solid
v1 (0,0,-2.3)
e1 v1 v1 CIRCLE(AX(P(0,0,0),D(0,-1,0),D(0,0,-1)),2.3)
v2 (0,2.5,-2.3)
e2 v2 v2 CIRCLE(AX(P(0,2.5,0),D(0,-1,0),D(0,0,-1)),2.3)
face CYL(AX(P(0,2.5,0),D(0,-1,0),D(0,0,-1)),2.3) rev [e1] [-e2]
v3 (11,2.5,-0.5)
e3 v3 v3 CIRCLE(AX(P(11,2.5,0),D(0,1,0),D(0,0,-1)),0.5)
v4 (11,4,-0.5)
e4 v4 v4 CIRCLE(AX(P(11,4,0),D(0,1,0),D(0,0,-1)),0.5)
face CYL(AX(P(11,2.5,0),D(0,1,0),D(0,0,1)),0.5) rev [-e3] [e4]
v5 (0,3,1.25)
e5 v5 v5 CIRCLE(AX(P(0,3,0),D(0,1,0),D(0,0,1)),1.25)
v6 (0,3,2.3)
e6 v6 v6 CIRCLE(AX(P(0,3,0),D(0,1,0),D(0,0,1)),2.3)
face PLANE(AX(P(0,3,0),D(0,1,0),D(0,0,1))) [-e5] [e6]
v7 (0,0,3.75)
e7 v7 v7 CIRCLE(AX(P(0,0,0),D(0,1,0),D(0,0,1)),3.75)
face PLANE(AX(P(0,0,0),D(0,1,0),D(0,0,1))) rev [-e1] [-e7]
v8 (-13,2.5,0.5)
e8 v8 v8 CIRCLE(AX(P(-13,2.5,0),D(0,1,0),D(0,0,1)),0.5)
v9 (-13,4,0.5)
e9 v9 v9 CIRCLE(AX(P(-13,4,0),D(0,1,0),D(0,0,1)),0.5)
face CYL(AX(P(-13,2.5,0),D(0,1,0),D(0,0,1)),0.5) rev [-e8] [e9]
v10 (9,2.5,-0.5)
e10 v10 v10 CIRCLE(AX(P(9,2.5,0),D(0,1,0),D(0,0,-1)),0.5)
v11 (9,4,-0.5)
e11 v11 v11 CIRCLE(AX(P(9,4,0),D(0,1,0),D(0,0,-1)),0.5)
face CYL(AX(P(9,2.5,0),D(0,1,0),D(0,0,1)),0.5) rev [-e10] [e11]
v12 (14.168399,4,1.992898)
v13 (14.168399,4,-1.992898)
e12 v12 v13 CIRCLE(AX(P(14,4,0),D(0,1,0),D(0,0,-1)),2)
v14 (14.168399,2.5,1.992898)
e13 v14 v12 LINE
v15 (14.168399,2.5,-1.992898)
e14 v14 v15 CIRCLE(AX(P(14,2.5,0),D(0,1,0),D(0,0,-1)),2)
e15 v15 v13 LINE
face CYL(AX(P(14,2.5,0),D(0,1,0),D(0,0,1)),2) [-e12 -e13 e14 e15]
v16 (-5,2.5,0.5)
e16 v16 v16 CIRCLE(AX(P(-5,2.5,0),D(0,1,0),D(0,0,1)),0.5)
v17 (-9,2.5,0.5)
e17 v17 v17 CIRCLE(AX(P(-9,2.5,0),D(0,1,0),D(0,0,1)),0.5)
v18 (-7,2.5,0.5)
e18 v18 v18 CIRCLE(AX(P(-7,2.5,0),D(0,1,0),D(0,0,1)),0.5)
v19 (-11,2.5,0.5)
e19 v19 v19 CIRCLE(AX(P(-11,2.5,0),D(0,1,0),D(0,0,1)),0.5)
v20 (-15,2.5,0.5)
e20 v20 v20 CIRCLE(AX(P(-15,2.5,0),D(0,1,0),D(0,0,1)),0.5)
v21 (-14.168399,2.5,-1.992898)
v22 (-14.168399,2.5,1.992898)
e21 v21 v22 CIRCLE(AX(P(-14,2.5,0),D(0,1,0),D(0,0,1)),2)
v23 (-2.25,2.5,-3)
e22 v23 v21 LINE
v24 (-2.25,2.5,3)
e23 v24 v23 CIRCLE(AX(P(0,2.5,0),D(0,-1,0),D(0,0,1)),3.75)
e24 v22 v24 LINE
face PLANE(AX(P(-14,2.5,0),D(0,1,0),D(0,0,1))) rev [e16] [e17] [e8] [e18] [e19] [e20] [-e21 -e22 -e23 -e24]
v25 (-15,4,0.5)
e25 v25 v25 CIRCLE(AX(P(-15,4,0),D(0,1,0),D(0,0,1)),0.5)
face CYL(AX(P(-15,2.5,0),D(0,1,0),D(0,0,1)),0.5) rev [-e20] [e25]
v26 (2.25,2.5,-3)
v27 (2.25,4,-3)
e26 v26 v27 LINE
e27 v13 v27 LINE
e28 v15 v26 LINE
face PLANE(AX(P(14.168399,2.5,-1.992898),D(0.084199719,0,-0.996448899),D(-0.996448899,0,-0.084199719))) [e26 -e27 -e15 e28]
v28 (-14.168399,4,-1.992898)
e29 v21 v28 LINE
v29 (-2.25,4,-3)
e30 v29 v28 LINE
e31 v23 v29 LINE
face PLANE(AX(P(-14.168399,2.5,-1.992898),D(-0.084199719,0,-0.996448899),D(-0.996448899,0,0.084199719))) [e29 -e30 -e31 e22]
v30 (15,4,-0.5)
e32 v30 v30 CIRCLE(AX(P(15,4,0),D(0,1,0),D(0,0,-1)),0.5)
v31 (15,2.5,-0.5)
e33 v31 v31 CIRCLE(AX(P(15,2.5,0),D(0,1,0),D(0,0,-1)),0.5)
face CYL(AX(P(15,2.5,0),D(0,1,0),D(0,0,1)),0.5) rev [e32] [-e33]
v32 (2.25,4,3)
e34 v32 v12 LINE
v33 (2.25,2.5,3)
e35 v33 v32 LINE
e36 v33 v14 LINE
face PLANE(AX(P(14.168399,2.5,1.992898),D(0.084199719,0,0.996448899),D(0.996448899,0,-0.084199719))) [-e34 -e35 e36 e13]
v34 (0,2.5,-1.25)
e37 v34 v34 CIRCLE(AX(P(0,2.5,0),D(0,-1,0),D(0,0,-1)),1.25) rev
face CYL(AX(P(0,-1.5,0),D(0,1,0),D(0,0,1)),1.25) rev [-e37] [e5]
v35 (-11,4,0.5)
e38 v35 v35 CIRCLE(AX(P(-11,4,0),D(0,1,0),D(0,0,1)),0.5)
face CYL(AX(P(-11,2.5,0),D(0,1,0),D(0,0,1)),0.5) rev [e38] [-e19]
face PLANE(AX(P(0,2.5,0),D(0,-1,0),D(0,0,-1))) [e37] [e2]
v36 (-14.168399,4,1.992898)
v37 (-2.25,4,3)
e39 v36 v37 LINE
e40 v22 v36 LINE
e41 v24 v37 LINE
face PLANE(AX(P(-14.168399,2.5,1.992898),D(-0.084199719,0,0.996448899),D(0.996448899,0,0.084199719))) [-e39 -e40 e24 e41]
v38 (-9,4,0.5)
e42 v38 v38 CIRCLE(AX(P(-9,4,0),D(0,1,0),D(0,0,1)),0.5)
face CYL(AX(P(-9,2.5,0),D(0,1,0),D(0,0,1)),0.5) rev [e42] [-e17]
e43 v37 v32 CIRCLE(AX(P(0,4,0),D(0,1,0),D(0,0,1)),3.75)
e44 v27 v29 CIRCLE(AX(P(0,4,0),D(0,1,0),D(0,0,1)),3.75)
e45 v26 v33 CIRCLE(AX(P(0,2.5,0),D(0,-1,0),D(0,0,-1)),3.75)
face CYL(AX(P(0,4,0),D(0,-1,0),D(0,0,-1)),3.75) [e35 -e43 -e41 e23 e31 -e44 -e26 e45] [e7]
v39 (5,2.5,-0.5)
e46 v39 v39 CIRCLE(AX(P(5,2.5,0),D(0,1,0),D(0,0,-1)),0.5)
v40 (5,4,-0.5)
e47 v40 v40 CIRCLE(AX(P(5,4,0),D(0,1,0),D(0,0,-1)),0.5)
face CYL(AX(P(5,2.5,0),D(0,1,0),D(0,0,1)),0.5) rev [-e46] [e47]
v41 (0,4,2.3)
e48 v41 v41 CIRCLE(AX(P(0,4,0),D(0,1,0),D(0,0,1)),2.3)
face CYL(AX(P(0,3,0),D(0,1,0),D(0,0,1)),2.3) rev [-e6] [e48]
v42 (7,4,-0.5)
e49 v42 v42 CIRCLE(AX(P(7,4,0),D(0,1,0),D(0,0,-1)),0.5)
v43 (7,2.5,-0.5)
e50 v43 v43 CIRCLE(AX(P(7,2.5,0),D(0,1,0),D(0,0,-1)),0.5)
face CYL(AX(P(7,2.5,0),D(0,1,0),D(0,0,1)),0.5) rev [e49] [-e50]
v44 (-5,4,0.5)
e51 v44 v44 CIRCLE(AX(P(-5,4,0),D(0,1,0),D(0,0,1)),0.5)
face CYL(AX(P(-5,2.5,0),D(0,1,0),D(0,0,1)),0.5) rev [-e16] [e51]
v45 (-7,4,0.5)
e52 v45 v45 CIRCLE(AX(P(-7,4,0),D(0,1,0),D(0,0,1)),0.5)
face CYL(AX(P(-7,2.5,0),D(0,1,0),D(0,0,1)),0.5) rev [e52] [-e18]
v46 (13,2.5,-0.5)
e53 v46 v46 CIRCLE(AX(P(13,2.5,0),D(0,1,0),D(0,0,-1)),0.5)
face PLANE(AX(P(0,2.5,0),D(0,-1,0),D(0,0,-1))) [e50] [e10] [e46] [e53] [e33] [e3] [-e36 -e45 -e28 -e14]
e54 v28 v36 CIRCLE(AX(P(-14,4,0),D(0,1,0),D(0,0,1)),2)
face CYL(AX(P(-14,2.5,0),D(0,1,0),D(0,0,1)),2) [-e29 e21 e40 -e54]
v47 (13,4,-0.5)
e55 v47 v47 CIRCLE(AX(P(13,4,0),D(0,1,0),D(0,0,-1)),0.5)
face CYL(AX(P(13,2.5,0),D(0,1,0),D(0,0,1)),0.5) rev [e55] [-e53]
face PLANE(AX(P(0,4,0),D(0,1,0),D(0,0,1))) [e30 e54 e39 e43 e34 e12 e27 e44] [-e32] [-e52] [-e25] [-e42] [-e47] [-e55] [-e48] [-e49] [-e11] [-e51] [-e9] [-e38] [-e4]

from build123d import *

# Parameters (mm, degrees)
SKETCH1_R           = 3.75
BOSS_EXTRUDE1_DEPTH = 4
SKETCH2_R           = 2.3
CUT_EXTRUDE1_DEPTH  = 1
BOSS_EXTRUDE2_START = -1.5
SKETCH3_R           = 0.5
BOSS_EXTRUDE2_DEPTH = 1.5
SKETCH4_R           = 1.25
CUT_EXTRUDE2_DEPTH  = 4.5
CUT_EXTRUDE3_START  = -2.5
SKETCH5_R           = 2.3
CUT_EXTRUDE3_DEPTH  = 2.5


with BuildPart() as part:
    # Sketch1 → Boss-Extrude1 (new body)
    with BuildSketch(Plane(origin=(0, 0, 0), x_dir=(1, 0, 0), z_dir=(0, 1, 0))):
        with Locations(Location((0, 0, 0), (0, 0, 270))):
            Circle(SKETCH1_R)
    extrude(amount=BOSS_EXTRUDE1_DEPTH)

    # Sketch2 → Cut-Extrude1 (cut)
    with BuildSketch(Plane(origin=(0, 4, 0), x_dir=(1, 0, 0), z_dir=(0, 1, 0))):
        with Locations(Location((0, 0, 0), (0, 0, 270))):
            Circle(SKETCH2_R)
    extrude(amount=-CUT_EXTRUDE1_DEPTH, mode=Mode.SUBTRACT)

    # Sketch3 → Boss-Extrude2 (add)
    # profile 1 of 2: a face of its own
    with BuildSketch(Plane(origin=(0, 4, 0), x_dir=(1, 0, 0), z_dir=(0, 1, 0)).offset(BOSS_EXTRUDE2_START)):
        with BuildLine():
            Line((-14.168399438, 1.992897797), (-2.25, 3))
            ThreePointArc((-2.25, 3), (-3.75, 0), (-2.25, -3))
            Line((-2.25, -3), (-14.168399438, -1.992897797))
            ThreePointArc((-14.168399438, -1.992897797), (-16, 0), (-14.168399438, 1.992897797))
        make_face()
        with Locations(Location((-15, 0, 0), (0, 0, 270))):
            Circle(SKETCH3_R, mode=Mode.SUBTRACT)
        with Locations(Location((-13, 0, 0), (0, 0, 270))):
            Circle(SKETCH3_R, mode=Mode.SUBTRACT)
        with Locations(Location((-11, 0, 0), (0, 0, 270))):
            Circle(SKETCH3_R, mode=Mode.SUBTRACT)
        with Locations(Location((-9, 0, 0), (0, 0, 270))):
            Circle(SKETCH3_R, mode=Mode.SUBTRACT)
        with Locations(Location((-7, 0, 0), (0, 0, 270))):
            Circle(SKETCH3_R, mode=Mode.SUBTRACT)
        with Locations(Location((-5, 0, 0), (0, 0, 270))):
            Circle(SKETCH3_R, mode=Mode.SUBTRACT)
    # profile 2 of 2: a face of its own
    with BuildSketch(Plane(origin=(0, 4, 0), x_dir=(1, 0, 0), z_dir=(0, 1, 0)).offset(BOSS_EXTRUDE2_START)):
        with BuildLine():
            Line((14.168399438, -1.992897797), (2.25, -3))
            ThreePointArc((2.25, -3), (3.75, 0), (2.25, 3))
            Line((2.25, 3), (14.168399438, 1.992897797))
            ThreePointArc((14.168399438, 1.992897797), (16, 0), (14.168399438, -1.992897797))
        make_face()
        with Locations(Location((15, 0, 0), (0, 0, 90))):
            Circle(SKETCH3_R, mode=Mode.SUBTRACT)
        with Locations(Location((5, 0, 0), (0, 0, 90))):
            Circle(SKETCH3_R, mode=Mode.SUBTRACT)
        with Locations(Location((7, 0, 0), (0, 0, 90))):
            Circle(SKETCH3_R, mode=Mode.SUBTRACT)
        with Locations(Location((9, 0, 0), (0, 0, 90))):
            Circle(SKETCH3_R, mode=Mode.SUBTRACT)
        with Locations(Location((11, 0, 0), (0, 0, 90))):
            Circle(SKETCH3_R, mode=Mode.SUBTRACT)
        with Locations(Location((13, 0, 0), (0, 0, 90))):
            Circle(SKETCH3_R, mode=Mode.SUBTRACT)
    extrude(amount=BOSS_EXTRUDE2_DEPTH)

    # Sketch4 → Cut-Extrude2 (cut)
    with BuildSketch(Plane(origin=(0, 3, 0), x_dir=(1, 0, 0), z_dir=(0, 1, 0))):
        with Locations(Location((0, 0, 0), (0, 0, 270))):
            Circle(SKETCH4_R)
    extrude(amount=-CUT_EXTRUDE2_DEPTH, mode=Mode.SUBTRACT)

    # Sketch5 → Cut-Extrude3 (cut)
    with BuildSketch(Plane.XZ.offset(CUT_EXTRUDE3_START)):
        with Locations(Location((0, 0, 0), (0, 0, 90))):
            Circle(SKETCH5_R)
    extrude(amount=CUT_EXTRUDE3_DEPTH, mode=Mode.SUBTRACT)


solid = part.part
